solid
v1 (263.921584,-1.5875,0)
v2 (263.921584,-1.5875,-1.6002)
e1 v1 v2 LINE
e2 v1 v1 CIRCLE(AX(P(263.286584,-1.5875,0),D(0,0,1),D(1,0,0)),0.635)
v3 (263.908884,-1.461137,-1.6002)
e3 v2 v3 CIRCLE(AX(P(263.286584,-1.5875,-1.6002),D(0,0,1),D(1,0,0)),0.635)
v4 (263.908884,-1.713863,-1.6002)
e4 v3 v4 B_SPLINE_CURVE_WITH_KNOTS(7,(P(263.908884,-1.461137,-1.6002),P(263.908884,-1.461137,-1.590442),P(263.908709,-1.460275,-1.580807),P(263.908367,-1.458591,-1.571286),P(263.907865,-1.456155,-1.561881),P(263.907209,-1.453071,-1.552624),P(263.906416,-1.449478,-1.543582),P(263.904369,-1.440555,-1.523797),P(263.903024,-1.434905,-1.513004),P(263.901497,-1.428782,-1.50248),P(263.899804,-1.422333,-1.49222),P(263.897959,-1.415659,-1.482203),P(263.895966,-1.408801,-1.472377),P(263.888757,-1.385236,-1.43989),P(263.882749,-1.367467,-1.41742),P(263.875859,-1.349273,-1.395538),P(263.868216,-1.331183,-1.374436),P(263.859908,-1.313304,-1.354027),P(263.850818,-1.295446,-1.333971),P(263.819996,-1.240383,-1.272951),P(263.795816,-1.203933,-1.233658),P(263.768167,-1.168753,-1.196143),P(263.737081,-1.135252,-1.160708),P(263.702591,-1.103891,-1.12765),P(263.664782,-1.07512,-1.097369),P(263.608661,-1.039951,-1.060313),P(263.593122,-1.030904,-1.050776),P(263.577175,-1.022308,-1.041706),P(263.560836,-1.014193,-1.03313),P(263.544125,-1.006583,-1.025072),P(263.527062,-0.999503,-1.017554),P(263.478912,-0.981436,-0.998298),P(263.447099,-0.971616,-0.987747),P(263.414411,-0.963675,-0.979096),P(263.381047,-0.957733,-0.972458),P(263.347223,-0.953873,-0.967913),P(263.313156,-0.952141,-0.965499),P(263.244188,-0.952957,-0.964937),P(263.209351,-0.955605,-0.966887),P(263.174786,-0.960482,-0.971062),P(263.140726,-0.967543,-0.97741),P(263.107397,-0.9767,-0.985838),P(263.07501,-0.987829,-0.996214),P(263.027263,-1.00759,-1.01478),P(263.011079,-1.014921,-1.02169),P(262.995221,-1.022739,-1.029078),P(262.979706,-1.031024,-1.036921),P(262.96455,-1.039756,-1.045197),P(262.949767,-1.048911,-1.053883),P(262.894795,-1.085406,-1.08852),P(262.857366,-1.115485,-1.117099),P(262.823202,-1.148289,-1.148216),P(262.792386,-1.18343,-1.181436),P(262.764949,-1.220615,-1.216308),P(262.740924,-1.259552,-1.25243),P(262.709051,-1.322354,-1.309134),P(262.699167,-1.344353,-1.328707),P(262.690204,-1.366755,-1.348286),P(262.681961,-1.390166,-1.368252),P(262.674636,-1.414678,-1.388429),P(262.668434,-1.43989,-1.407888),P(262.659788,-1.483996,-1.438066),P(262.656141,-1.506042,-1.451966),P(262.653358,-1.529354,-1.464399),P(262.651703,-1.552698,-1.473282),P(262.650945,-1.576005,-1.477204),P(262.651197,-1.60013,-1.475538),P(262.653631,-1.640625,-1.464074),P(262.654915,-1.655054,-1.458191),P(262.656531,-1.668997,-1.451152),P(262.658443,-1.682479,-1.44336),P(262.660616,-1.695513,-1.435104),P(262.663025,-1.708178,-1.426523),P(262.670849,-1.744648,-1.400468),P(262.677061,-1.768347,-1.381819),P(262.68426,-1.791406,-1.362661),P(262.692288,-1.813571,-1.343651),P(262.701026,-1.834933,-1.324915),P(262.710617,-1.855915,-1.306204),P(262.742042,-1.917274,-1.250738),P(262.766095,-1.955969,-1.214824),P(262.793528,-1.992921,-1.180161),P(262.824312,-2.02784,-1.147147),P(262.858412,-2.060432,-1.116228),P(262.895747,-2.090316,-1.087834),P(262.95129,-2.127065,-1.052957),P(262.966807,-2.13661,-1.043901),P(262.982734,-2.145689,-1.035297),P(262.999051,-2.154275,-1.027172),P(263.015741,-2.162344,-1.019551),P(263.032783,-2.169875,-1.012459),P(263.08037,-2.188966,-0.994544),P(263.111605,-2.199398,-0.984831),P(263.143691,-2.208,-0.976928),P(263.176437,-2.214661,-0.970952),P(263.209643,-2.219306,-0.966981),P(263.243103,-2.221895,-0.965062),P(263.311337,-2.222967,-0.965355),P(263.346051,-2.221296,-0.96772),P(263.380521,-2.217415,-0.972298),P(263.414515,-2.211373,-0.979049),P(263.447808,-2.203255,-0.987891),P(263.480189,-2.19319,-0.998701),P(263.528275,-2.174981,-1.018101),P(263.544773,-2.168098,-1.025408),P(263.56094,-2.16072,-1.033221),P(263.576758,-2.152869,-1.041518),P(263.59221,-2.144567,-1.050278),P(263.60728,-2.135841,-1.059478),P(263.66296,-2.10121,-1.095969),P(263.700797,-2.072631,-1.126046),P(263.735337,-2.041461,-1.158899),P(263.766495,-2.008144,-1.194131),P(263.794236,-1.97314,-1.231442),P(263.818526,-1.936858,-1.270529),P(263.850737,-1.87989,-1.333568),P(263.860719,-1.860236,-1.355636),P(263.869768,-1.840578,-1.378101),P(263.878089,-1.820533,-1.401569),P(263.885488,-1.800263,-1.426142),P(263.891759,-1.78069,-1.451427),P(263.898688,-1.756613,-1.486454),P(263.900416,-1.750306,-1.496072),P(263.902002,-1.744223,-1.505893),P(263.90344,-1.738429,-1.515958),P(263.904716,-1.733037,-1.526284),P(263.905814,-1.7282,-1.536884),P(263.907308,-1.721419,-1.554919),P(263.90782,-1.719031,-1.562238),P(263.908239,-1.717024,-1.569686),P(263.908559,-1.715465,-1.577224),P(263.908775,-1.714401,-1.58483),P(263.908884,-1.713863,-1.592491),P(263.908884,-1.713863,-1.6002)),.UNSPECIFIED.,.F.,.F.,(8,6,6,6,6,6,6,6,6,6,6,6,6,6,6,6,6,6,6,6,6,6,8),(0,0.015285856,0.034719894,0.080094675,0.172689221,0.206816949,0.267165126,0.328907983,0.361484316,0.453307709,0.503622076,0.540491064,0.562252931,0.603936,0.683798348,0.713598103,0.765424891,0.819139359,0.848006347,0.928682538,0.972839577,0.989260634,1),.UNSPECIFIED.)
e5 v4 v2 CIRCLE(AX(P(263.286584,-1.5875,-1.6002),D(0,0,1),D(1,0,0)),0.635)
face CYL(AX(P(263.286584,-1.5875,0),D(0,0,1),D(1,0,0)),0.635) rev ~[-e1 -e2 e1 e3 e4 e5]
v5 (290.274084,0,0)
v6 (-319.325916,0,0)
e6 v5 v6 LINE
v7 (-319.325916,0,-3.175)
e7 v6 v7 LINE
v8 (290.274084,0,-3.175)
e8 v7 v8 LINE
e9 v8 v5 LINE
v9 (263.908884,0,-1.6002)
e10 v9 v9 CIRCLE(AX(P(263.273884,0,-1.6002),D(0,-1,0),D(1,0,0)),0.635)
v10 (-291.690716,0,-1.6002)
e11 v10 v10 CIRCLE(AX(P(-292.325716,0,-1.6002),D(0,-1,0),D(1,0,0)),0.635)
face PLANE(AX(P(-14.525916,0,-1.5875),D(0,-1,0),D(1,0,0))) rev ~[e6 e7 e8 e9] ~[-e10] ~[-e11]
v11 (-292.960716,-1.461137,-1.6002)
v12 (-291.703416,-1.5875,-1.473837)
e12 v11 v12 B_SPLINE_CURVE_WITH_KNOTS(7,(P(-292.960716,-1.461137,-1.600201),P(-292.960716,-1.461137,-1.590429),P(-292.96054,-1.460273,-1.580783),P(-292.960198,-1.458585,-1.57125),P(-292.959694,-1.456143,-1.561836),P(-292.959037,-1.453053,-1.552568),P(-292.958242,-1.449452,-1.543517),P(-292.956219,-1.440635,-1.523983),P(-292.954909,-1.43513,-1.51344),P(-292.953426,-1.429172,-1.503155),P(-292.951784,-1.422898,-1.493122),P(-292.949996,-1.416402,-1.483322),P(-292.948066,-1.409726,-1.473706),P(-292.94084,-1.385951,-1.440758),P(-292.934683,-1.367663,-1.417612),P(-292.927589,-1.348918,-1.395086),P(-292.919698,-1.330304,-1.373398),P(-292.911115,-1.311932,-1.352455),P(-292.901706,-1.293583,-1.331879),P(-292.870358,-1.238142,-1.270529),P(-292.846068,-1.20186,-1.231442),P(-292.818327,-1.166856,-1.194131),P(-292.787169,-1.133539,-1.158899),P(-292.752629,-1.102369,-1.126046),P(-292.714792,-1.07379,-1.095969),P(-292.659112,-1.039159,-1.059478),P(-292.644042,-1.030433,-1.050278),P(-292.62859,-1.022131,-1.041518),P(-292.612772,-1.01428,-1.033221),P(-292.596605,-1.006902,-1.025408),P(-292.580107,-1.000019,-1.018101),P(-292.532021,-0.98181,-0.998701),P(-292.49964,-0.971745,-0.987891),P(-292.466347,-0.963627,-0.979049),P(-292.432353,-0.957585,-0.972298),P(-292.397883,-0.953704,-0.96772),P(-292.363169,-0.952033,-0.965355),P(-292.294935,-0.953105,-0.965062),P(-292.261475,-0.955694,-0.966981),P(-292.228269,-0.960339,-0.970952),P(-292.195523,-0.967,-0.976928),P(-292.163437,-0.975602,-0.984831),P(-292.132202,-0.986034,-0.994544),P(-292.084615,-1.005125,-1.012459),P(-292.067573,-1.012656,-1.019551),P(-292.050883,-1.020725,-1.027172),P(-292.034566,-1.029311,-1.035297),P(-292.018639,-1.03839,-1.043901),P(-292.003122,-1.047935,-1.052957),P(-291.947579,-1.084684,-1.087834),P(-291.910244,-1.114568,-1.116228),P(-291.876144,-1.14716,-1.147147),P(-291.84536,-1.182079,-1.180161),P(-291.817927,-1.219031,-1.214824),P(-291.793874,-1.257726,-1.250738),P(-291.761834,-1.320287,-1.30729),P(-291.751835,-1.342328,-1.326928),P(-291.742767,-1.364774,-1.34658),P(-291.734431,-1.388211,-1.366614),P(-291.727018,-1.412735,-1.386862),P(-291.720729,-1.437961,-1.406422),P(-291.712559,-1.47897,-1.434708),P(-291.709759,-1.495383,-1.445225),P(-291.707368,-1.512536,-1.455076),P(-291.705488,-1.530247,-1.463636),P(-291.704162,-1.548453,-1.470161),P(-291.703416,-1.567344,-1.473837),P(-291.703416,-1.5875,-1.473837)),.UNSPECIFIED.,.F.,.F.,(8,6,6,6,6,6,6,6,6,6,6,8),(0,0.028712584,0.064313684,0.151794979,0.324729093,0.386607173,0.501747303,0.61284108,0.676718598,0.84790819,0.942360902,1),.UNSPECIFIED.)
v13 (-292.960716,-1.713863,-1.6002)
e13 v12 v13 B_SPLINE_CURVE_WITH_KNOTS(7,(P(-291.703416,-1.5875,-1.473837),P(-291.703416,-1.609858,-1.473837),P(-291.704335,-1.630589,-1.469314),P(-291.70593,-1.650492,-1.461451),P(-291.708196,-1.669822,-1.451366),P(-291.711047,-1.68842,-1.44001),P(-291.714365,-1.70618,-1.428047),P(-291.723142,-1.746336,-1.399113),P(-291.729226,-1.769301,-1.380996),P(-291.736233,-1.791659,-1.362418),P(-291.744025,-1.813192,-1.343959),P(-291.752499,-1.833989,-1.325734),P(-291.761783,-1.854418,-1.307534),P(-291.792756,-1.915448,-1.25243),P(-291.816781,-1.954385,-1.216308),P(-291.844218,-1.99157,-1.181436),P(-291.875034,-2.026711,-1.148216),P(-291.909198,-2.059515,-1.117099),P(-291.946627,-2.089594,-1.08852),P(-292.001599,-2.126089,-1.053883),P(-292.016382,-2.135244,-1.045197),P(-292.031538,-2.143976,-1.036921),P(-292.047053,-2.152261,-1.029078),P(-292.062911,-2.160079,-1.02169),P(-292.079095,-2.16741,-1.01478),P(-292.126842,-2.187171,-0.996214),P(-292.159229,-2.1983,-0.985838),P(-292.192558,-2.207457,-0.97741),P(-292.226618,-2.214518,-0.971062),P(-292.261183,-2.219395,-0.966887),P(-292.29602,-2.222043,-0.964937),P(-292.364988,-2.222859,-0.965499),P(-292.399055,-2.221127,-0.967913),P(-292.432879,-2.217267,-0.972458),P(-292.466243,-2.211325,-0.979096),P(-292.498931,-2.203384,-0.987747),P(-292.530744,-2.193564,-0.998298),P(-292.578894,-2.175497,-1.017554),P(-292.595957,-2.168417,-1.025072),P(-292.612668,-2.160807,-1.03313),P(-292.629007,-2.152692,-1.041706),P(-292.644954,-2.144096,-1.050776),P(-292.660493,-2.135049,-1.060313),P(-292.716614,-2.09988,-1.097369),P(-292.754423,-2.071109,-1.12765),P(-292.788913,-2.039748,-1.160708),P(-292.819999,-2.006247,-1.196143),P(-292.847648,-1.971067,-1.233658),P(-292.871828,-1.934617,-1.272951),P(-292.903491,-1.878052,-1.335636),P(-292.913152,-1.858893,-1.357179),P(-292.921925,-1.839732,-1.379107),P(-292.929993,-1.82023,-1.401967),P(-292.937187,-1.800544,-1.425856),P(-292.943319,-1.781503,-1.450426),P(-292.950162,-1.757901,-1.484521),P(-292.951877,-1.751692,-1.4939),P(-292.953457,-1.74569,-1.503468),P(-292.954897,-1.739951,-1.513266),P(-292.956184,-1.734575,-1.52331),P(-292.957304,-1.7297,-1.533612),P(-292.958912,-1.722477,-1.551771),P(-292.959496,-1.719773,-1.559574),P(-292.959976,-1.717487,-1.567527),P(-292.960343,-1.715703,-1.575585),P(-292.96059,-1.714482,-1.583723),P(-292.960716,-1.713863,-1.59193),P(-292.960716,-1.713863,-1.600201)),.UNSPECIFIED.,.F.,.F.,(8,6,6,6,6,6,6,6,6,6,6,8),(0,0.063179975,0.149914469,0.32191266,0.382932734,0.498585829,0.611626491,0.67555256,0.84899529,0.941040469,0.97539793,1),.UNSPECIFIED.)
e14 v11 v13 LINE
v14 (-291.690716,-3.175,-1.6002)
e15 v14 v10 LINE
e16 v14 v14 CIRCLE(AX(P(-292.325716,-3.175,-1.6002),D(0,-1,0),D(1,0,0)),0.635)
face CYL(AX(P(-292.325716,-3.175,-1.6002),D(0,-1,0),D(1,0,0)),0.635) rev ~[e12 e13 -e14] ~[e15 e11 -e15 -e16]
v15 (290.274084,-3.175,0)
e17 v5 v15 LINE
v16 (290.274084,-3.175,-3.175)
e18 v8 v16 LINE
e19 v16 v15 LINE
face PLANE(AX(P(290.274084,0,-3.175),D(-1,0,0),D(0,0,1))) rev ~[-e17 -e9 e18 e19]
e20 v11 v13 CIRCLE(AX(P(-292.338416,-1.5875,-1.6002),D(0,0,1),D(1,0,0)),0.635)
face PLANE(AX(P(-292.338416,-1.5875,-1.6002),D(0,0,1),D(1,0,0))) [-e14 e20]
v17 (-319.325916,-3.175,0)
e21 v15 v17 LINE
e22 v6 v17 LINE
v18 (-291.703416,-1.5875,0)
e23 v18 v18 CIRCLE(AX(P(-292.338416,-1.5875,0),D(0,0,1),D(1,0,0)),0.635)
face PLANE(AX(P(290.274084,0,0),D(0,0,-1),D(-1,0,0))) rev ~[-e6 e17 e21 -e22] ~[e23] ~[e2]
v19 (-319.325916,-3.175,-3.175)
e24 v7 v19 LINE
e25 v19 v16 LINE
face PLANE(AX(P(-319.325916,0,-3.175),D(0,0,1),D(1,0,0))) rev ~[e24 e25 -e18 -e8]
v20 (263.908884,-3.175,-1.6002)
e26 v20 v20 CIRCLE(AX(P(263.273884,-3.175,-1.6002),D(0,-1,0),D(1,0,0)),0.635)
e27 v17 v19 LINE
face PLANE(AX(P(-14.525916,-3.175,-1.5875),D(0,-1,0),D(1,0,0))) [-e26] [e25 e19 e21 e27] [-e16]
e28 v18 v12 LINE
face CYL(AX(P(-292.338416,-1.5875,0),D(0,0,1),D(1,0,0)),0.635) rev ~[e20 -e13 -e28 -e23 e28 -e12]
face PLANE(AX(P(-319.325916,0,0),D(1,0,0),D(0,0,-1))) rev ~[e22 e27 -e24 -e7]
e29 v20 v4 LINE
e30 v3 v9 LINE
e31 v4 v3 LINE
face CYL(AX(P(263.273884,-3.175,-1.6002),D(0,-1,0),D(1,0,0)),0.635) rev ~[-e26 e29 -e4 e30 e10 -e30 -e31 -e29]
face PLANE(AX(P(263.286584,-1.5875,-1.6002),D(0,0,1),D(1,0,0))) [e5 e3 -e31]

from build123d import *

# Parameters (mm, degrees)
F1_DEPTH = 3.175
F2_R     = 0.635
F3_DEPTH = 1.6002
F4_R     = 0.635
F5_DEPTH = 25.4


with BuildPart() as f1:
    # F0 (on Front) → F1 (new body)
    with BuildSketch(Plane.XZ):
        Polygon((-319.325916, 0), (-319.325916, -3.175), (-293.925916, -3.175), (264.874084, -3.175), (290.274084, -3.175), (290.274084, 0), align=None)
    extrude(amount=F1_DEPTH)

    # F2 (on Top) → F3 (cut)
    with BuildSketch(Plane.XY):
        with Locations((-292.338416, -1.5875)):
            Circle(F2_R)
        with Locations((263.286584, -1.5875)):
            Circle(F2_R)
    extrude(amount=-F3_DEPTH, mode=Mode.SUBTRACT)

    # F4 (on face) → F5 (cut)
    with BuildSketch(Plane.XZ.offset(3.175)):
        with Locations((-292.325716, -1.6002)):
            Circle(F4_R)
        with Locations((263.273884, -1.6002)):
            Circle(F4_R)
    extrude(amount=-F5_DEPTH, mode=Mode.SUBTRACT)


solid = f1.part
